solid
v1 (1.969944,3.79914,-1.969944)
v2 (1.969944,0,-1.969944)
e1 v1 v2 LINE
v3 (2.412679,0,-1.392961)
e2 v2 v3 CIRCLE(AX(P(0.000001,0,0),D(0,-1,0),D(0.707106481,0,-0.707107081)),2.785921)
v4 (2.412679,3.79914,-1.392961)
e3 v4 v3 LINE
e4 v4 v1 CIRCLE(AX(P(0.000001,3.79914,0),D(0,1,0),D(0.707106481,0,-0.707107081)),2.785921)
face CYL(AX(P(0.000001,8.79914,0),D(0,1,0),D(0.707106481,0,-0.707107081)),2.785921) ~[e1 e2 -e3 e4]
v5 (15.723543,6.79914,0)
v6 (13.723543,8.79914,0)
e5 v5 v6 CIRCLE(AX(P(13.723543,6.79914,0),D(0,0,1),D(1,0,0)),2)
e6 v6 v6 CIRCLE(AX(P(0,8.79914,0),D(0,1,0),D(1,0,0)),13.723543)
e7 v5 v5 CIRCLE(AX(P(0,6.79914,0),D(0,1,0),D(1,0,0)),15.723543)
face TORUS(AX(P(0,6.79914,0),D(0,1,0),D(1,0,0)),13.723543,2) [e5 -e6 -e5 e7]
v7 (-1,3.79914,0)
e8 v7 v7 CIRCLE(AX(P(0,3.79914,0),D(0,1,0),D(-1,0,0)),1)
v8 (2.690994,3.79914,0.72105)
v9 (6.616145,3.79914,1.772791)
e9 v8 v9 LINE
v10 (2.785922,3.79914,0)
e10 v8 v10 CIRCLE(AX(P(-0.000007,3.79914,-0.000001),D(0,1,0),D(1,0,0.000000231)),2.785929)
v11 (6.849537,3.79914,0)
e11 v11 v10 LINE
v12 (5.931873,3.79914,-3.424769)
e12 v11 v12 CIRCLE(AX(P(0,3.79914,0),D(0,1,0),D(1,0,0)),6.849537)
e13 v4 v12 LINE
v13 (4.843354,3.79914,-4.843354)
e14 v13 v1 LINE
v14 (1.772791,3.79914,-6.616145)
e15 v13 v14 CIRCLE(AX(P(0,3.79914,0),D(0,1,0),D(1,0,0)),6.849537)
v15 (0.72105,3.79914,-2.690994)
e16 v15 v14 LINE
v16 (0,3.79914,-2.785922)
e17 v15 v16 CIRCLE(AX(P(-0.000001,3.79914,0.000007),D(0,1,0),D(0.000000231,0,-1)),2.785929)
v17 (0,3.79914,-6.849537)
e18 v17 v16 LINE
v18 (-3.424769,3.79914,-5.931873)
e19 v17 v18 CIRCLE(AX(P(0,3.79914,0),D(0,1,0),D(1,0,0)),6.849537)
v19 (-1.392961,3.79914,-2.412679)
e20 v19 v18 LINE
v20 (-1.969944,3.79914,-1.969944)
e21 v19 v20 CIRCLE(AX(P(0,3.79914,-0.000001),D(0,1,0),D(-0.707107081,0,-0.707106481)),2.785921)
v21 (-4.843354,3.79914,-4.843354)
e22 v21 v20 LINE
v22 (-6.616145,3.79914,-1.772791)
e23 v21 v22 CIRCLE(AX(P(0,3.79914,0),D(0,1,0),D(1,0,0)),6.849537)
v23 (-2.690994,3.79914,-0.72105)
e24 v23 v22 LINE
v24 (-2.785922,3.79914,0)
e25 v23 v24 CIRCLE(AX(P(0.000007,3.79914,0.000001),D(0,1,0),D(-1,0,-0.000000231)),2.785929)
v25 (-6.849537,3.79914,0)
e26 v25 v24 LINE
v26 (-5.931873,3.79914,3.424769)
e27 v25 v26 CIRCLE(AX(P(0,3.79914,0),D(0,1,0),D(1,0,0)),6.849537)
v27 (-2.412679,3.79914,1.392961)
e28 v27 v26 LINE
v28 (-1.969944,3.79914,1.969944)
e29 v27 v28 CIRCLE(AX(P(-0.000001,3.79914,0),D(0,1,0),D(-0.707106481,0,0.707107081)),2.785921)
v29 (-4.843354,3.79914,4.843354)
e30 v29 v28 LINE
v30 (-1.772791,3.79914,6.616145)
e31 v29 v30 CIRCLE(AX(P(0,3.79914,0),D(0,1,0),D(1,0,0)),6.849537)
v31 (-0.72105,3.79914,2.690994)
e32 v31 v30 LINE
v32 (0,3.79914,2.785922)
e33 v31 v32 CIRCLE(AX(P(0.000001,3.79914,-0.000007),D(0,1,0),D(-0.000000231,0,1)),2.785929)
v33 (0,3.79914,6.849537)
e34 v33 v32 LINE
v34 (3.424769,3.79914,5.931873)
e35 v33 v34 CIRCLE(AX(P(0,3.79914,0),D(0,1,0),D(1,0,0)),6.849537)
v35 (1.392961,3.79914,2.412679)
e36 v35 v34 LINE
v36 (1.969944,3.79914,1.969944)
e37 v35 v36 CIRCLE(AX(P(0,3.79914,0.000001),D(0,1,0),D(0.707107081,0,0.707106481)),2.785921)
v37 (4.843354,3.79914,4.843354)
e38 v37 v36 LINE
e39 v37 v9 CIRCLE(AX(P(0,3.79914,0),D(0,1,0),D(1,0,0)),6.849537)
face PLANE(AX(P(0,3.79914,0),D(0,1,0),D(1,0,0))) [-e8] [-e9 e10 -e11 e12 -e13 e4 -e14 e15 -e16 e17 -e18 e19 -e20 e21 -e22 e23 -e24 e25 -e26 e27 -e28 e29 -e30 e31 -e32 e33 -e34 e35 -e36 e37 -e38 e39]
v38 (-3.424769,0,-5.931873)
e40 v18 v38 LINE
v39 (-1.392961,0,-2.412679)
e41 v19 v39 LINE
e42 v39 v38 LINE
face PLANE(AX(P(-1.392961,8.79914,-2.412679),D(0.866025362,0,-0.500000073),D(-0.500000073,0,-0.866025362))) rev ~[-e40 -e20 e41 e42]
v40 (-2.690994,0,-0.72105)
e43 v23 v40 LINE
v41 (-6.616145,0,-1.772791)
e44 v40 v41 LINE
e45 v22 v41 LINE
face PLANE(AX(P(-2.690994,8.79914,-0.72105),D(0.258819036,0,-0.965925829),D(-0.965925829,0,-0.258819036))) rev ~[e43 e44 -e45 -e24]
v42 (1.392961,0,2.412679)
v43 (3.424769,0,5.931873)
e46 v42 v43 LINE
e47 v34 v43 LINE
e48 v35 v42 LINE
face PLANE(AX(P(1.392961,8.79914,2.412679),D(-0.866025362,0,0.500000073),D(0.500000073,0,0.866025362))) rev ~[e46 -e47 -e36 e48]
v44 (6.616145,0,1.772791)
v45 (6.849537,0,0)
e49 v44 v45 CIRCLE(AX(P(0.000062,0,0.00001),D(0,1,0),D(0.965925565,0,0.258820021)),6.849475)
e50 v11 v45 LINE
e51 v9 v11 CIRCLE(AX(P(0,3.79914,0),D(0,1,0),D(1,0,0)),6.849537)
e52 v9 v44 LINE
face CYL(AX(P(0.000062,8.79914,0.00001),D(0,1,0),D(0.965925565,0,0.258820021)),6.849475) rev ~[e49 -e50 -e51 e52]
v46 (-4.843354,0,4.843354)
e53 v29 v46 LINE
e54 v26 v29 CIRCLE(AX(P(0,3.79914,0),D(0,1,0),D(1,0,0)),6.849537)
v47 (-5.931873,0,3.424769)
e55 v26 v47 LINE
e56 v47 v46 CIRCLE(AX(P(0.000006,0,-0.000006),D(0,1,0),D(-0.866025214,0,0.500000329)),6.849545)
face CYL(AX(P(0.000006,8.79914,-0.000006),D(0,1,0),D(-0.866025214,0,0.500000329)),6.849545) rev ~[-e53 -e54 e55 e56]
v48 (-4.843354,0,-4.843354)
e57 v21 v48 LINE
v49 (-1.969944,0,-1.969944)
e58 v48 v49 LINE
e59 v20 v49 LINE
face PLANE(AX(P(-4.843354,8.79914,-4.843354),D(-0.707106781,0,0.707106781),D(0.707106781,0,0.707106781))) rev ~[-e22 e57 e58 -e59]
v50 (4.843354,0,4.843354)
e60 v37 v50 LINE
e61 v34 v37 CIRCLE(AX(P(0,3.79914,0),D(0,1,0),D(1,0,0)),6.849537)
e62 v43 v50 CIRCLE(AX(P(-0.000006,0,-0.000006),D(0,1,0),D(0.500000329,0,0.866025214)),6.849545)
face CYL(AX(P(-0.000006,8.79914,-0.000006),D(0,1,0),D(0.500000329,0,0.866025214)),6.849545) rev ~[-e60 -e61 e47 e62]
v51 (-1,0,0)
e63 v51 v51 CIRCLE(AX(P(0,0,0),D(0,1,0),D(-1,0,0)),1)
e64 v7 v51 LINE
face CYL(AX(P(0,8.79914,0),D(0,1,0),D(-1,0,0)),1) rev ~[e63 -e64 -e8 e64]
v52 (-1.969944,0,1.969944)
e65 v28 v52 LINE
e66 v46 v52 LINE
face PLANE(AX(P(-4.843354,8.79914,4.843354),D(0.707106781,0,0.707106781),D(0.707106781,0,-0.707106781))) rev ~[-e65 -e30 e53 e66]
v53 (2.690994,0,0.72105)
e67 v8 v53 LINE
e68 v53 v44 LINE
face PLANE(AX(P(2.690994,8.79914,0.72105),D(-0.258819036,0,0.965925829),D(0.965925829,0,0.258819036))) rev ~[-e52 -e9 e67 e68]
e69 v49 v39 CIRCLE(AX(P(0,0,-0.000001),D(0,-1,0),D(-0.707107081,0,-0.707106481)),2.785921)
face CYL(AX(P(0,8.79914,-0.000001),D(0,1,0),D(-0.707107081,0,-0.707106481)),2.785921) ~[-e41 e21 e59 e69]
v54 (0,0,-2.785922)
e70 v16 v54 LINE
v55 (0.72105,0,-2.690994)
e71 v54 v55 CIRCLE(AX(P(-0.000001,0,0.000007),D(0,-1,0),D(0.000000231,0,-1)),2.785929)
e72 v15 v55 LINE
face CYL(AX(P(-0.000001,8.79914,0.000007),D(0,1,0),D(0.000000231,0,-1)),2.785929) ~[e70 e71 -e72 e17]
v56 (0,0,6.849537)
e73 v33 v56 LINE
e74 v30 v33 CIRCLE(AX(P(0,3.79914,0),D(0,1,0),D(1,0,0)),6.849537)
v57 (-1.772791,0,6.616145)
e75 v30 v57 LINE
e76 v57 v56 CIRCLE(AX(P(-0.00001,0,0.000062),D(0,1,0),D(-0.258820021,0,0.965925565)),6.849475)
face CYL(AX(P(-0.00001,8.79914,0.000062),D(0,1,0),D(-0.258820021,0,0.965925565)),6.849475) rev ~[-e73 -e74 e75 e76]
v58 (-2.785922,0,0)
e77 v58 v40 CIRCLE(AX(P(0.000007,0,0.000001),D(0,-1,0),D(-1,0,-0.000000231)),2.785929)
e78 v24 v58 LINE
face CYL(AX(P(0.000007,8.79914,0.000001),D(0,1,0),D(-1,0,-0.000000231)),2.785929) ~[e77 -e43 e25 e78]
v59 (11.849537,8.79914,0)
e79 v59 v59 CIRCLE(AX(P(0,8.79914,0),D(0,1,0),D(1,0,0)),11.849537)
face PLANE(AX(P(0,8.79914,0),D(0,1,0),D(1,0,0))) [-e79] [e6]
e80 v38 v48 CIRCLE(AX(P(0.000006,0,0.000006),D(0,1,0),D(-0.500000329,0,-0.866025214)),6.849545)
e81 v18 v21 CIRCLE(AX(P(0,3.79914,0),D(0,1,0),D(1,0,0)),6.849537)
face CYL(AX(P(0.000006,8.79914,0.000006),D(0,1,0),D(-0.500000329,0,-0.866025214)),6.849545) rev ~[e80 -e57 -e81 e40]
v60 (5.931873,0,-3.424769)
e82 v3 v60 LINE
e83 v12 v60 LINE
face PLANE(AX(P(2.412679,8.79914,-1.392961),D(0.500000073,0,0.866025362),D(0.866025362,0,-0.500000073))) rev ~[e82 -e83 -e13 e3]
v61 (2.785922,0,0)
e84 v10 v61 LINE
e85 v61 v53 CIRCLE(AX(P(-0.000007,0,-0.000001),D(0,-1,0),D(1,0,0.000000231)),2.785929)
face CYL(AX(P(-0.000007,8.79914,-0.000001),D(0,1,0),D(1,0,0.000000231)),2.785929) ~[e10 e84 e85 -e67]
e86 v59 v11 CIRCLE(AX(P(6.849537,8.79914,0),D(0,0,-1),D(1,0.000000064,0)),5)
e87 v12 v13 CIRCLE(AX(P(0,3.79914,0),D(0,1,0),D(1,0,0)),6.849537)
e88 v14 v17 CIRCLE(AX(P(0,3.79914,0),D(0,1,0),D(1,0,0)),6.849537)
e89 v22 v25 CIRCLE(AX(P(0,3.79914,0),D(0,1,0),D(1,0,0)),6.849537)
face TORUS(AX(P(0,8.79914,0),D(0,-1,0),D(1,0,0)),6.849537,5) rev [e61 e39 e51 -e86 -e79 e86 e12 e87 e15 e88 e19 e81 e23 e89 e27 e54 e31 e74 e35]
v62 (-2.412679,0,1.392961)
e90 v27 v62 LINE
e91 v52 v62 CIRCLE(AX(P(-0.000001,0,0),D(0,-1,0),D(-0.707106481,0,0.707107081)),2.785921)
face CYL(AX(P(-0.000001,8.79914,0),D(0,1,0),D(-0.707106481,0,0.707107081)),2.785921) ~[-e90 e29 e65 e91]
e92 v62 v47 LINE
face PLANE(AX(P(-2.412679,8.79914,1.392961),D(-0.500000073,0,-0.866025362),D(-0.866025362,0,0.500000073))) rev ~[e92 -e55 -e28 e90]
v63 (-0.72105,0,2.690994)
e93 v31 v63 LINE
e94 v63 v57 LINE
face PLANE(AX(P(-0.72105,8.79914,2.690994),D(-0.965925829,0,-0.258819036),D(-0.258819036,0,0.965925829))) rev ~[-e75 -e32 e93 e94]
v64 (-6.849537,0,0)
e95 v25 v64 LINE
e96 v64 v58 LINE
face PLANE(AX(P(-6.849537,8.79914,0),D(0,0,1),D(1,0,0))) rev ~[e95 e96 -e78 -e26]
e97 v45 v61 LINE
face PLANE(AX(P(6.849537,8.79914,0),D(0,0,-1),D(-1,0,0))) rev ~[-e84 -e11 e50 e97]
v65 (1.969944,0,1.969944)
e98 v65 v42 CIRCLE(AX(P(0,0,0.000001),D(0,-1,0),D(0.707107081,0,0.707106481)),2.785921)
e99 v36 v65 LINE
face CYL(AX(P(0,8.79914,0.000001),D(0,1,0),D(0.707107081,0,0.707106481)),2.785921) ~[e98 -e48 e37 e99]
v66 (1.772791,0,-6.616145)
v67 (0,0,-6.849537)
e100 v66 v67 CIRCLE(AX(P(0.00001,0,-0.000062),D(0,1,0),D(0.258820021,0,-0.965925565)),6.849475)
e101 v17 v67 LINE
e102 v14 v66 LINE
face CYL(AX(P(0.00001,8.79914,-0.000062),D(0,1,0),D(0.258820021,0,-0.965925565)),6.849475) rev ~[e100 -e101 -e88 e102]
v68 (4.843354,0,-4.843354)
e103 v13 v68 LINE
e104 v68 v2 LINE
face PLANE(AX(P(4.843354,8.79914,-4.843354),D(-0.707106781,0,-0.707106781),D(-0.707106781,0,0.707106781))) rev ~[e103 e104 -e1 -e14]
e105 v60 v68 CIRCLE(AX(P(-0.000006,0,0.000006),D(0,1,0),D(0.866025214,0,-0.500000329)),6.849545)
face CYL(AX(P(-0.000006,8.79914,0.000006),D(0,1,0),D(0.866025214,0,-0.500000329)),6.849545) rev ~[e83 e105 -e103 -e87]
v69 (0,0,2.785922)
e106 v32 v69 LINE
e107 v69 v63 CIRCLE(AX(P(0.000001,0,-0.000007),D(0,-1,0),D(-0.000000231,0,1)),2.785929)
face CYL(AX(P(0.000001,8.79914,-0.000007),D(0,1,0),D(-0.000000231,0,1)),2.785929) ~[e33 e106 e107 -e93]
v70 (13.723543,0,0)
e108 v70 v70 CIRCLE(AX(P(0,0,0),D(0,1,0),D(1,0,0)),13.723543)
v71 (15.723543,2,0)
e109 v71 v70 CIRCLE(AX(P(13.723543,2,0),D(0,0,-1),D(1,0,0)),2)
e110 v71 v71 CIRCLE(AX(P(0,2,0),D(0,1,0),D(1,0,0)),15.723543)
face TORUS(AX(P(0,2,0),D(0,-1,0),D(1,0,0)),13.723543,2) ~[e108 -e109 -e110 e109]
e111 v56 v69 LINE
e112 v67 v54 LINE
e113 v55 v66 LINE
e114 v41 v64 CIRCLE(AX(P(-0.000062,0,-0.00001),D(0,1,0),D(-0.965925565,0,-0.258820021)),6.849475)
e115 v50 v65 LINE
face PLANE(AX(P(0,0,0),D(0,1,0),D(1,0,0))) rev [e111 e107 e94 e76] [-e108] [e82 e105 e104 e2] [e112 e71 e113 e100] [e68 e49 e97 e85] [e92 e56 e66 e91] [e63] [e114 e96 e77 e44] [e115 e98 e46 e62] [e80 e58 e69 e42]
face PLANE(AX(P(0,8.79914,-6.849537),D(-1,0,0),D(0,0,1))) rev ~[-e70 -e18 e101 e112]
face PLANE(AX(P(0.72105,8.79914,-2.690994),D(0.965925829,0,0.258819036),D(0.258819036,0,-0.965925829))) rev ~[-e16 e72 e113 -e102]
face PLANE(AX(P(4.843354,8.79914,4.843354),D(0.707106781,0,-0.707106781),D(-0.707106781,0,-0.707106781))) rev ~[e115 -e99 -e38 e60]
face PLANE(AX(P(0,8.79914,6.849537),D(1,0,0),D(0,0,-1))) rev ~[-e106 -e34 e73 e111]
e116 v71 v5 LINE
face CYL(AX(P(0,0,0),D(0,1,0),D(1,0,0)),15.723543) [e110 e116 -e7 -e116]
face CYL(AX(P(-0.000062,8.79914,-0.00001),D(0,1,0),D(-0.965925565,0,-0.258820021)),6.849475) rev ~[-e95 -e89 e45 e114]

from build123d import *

# Parameters (mm, degrees)
F2_R     = 1
F3_DEPTH = 8.79914
F4_R     = 2
F5_R     = 2


with BuildPart() as f1:
    # F0 (on Top) → F1 (revolve)
    with BuildSketch(Plane.XY):
        with BuildLine():
            Line((0, 3.79914), (0, 0))
            Line((0, 0), (15.723543, 0))
            Line((15.723543, 0), (15.723543, 8.79914))
            Line((15.723543, 8.79914), (11.849537, 8.79914))
            ThreePointArc((11.849537, 8.79914), (10.385071, 5.263606), (6.849537, 3.79914))
            Line((6.849537, 3.79914), (0, 3.79914))
        make_face()
    revolve(axis=Axis((0, 5, 0), (0, 1, 0)))

    # F2 (on face) → F3 (cut, through all)
    with BuildSketch(Plane(origin=(0, 8.79914, 0), x_dir=(-1, 0, 0), z_dir=(0, 1, 0))):
        with BuildLine():
            ThreePointArc((0, 2.785922), (0.363636, 2.762088), (0.72105, 2.690994))
            Line((0.72105, 2.690994), (1.772791, 6.616145))
            ThreePointArc((1.772791, 6.616145), (0.894044, 6.790939), (0, 6.849537))
            Line((0, 6.849537), (0, 2.785922))
        make_face()
        with BuildLine():
            ThreePointArc((-3.424769, 5.931873), (-4.169734, 5.434103), (-4.843354, 4.843354))
            Line((-4.843354, 4.843354), (-1.969944, 1.969944))
            ThreePointArc((-1.969944, 1.969944), (-1.695962, 2.21022), (-1.392961, 2.412679))
            Line((-1.392961, 2.412679), (-3.424769, 5.931873))
        make_face()
        with BuildLine():
            ThreePointArc((-6.616145, 1.772791), (-6.790939, 0.894044), (-6.849537, 0))
            Line((-6.849537, 0), (-2.785922, 0))
            ThreePointArc((-2.785922, 0), (-2.762088, 0.363636), (-2.690994, 0.72105))
            Line((-2.690994, 0.72105), (-6.616145, 1.772791))
        make_face()
        with BuildLine():
            ThreePointArc((-5.931873, -3.424769), (-5.434103, -4.169734), (-4.843354, -4.843354))
            Line((-4.843354, -4.843354), (-1.969944, -1.969944))
            ThreePointArc((-1.969944, -1.969944), (-2.21022, -1.695962), (-2.412679, -1.392961))
            Line((-2.412679, -1.392961), (-5.931873, -3.424769))
        make_face()
        with BuildLine():
            ThreePointArc((-1.772791, -6.616145), (-0.894044, -6.790939), (0, -6.849537))
            Line((0, -6.849537), (0, -2.785922))
            ThreePointArc((0, -2.785922), (-0.363636, -2.762088), (-0.72105, -2.690994))
            Line((-0.72105, -2.690994), (-1.772791, -6.616145))
        make_face()
        with BuildLine():
            ThreePointArc((3.424769, -5.931873), (4.169734, -5.434103), (4.843354, -4.843354))
            Line((4.843354, -4.843354), (1.969944, -1.969944))
            ThreePointArc((1.969944, -1.969944), (1.695962, -2.21022), (1.392961, -2.412679))
            Line((1.392961, -2.412679), (3.424769, -5.931873))
        make_face()
        with BuildLine():
            ThreePointArc((6.616145, -1.772791), (6.790939, -0.894044), (6.849537, 0))
            Line((6.849537, 0), (2.785922, 0))
            ThreePointArc((2.785922, 0), (2.762088, -0.363636), (2.690994, -0.72105))
            Line((2.690994, -0.72105), (6.616145, -1.772791))
        make_face()
        with BuildLine():
            ThreePointArc((5.931873, 3.424769), (5.434103, 4.169734), (4.843354, 4.843354))
            Line((4.843354, 4.843354), (1.969944, 1.969944))
            ThreePointArc((1.969944, 1.969944), (2.21022, 1.695962), (2.412679, 1.392961))
            Line((2.412679, 1.392961), (5.931873, 3.424769))
        make_face()
        Circle(F2_R)
    extrude(amount=-F3_DEPTH, mode=Mode.SUBTRACT)

    # F4
    f4_edges = [f1.edges().sort_by_distance(p)[0] for p in [
        (-15.723543, 8.79914, 0),
    ]]
    fillet(f4_edges, radius=F4_R)

    # F5
    f5_edges = [f1.edges().sort_by_distance(p)[0] for p in [
        (-15.723543, 0, 0),
    ]]
    fillet(f5_edges, radius=F5_R)


solid = f1.part
